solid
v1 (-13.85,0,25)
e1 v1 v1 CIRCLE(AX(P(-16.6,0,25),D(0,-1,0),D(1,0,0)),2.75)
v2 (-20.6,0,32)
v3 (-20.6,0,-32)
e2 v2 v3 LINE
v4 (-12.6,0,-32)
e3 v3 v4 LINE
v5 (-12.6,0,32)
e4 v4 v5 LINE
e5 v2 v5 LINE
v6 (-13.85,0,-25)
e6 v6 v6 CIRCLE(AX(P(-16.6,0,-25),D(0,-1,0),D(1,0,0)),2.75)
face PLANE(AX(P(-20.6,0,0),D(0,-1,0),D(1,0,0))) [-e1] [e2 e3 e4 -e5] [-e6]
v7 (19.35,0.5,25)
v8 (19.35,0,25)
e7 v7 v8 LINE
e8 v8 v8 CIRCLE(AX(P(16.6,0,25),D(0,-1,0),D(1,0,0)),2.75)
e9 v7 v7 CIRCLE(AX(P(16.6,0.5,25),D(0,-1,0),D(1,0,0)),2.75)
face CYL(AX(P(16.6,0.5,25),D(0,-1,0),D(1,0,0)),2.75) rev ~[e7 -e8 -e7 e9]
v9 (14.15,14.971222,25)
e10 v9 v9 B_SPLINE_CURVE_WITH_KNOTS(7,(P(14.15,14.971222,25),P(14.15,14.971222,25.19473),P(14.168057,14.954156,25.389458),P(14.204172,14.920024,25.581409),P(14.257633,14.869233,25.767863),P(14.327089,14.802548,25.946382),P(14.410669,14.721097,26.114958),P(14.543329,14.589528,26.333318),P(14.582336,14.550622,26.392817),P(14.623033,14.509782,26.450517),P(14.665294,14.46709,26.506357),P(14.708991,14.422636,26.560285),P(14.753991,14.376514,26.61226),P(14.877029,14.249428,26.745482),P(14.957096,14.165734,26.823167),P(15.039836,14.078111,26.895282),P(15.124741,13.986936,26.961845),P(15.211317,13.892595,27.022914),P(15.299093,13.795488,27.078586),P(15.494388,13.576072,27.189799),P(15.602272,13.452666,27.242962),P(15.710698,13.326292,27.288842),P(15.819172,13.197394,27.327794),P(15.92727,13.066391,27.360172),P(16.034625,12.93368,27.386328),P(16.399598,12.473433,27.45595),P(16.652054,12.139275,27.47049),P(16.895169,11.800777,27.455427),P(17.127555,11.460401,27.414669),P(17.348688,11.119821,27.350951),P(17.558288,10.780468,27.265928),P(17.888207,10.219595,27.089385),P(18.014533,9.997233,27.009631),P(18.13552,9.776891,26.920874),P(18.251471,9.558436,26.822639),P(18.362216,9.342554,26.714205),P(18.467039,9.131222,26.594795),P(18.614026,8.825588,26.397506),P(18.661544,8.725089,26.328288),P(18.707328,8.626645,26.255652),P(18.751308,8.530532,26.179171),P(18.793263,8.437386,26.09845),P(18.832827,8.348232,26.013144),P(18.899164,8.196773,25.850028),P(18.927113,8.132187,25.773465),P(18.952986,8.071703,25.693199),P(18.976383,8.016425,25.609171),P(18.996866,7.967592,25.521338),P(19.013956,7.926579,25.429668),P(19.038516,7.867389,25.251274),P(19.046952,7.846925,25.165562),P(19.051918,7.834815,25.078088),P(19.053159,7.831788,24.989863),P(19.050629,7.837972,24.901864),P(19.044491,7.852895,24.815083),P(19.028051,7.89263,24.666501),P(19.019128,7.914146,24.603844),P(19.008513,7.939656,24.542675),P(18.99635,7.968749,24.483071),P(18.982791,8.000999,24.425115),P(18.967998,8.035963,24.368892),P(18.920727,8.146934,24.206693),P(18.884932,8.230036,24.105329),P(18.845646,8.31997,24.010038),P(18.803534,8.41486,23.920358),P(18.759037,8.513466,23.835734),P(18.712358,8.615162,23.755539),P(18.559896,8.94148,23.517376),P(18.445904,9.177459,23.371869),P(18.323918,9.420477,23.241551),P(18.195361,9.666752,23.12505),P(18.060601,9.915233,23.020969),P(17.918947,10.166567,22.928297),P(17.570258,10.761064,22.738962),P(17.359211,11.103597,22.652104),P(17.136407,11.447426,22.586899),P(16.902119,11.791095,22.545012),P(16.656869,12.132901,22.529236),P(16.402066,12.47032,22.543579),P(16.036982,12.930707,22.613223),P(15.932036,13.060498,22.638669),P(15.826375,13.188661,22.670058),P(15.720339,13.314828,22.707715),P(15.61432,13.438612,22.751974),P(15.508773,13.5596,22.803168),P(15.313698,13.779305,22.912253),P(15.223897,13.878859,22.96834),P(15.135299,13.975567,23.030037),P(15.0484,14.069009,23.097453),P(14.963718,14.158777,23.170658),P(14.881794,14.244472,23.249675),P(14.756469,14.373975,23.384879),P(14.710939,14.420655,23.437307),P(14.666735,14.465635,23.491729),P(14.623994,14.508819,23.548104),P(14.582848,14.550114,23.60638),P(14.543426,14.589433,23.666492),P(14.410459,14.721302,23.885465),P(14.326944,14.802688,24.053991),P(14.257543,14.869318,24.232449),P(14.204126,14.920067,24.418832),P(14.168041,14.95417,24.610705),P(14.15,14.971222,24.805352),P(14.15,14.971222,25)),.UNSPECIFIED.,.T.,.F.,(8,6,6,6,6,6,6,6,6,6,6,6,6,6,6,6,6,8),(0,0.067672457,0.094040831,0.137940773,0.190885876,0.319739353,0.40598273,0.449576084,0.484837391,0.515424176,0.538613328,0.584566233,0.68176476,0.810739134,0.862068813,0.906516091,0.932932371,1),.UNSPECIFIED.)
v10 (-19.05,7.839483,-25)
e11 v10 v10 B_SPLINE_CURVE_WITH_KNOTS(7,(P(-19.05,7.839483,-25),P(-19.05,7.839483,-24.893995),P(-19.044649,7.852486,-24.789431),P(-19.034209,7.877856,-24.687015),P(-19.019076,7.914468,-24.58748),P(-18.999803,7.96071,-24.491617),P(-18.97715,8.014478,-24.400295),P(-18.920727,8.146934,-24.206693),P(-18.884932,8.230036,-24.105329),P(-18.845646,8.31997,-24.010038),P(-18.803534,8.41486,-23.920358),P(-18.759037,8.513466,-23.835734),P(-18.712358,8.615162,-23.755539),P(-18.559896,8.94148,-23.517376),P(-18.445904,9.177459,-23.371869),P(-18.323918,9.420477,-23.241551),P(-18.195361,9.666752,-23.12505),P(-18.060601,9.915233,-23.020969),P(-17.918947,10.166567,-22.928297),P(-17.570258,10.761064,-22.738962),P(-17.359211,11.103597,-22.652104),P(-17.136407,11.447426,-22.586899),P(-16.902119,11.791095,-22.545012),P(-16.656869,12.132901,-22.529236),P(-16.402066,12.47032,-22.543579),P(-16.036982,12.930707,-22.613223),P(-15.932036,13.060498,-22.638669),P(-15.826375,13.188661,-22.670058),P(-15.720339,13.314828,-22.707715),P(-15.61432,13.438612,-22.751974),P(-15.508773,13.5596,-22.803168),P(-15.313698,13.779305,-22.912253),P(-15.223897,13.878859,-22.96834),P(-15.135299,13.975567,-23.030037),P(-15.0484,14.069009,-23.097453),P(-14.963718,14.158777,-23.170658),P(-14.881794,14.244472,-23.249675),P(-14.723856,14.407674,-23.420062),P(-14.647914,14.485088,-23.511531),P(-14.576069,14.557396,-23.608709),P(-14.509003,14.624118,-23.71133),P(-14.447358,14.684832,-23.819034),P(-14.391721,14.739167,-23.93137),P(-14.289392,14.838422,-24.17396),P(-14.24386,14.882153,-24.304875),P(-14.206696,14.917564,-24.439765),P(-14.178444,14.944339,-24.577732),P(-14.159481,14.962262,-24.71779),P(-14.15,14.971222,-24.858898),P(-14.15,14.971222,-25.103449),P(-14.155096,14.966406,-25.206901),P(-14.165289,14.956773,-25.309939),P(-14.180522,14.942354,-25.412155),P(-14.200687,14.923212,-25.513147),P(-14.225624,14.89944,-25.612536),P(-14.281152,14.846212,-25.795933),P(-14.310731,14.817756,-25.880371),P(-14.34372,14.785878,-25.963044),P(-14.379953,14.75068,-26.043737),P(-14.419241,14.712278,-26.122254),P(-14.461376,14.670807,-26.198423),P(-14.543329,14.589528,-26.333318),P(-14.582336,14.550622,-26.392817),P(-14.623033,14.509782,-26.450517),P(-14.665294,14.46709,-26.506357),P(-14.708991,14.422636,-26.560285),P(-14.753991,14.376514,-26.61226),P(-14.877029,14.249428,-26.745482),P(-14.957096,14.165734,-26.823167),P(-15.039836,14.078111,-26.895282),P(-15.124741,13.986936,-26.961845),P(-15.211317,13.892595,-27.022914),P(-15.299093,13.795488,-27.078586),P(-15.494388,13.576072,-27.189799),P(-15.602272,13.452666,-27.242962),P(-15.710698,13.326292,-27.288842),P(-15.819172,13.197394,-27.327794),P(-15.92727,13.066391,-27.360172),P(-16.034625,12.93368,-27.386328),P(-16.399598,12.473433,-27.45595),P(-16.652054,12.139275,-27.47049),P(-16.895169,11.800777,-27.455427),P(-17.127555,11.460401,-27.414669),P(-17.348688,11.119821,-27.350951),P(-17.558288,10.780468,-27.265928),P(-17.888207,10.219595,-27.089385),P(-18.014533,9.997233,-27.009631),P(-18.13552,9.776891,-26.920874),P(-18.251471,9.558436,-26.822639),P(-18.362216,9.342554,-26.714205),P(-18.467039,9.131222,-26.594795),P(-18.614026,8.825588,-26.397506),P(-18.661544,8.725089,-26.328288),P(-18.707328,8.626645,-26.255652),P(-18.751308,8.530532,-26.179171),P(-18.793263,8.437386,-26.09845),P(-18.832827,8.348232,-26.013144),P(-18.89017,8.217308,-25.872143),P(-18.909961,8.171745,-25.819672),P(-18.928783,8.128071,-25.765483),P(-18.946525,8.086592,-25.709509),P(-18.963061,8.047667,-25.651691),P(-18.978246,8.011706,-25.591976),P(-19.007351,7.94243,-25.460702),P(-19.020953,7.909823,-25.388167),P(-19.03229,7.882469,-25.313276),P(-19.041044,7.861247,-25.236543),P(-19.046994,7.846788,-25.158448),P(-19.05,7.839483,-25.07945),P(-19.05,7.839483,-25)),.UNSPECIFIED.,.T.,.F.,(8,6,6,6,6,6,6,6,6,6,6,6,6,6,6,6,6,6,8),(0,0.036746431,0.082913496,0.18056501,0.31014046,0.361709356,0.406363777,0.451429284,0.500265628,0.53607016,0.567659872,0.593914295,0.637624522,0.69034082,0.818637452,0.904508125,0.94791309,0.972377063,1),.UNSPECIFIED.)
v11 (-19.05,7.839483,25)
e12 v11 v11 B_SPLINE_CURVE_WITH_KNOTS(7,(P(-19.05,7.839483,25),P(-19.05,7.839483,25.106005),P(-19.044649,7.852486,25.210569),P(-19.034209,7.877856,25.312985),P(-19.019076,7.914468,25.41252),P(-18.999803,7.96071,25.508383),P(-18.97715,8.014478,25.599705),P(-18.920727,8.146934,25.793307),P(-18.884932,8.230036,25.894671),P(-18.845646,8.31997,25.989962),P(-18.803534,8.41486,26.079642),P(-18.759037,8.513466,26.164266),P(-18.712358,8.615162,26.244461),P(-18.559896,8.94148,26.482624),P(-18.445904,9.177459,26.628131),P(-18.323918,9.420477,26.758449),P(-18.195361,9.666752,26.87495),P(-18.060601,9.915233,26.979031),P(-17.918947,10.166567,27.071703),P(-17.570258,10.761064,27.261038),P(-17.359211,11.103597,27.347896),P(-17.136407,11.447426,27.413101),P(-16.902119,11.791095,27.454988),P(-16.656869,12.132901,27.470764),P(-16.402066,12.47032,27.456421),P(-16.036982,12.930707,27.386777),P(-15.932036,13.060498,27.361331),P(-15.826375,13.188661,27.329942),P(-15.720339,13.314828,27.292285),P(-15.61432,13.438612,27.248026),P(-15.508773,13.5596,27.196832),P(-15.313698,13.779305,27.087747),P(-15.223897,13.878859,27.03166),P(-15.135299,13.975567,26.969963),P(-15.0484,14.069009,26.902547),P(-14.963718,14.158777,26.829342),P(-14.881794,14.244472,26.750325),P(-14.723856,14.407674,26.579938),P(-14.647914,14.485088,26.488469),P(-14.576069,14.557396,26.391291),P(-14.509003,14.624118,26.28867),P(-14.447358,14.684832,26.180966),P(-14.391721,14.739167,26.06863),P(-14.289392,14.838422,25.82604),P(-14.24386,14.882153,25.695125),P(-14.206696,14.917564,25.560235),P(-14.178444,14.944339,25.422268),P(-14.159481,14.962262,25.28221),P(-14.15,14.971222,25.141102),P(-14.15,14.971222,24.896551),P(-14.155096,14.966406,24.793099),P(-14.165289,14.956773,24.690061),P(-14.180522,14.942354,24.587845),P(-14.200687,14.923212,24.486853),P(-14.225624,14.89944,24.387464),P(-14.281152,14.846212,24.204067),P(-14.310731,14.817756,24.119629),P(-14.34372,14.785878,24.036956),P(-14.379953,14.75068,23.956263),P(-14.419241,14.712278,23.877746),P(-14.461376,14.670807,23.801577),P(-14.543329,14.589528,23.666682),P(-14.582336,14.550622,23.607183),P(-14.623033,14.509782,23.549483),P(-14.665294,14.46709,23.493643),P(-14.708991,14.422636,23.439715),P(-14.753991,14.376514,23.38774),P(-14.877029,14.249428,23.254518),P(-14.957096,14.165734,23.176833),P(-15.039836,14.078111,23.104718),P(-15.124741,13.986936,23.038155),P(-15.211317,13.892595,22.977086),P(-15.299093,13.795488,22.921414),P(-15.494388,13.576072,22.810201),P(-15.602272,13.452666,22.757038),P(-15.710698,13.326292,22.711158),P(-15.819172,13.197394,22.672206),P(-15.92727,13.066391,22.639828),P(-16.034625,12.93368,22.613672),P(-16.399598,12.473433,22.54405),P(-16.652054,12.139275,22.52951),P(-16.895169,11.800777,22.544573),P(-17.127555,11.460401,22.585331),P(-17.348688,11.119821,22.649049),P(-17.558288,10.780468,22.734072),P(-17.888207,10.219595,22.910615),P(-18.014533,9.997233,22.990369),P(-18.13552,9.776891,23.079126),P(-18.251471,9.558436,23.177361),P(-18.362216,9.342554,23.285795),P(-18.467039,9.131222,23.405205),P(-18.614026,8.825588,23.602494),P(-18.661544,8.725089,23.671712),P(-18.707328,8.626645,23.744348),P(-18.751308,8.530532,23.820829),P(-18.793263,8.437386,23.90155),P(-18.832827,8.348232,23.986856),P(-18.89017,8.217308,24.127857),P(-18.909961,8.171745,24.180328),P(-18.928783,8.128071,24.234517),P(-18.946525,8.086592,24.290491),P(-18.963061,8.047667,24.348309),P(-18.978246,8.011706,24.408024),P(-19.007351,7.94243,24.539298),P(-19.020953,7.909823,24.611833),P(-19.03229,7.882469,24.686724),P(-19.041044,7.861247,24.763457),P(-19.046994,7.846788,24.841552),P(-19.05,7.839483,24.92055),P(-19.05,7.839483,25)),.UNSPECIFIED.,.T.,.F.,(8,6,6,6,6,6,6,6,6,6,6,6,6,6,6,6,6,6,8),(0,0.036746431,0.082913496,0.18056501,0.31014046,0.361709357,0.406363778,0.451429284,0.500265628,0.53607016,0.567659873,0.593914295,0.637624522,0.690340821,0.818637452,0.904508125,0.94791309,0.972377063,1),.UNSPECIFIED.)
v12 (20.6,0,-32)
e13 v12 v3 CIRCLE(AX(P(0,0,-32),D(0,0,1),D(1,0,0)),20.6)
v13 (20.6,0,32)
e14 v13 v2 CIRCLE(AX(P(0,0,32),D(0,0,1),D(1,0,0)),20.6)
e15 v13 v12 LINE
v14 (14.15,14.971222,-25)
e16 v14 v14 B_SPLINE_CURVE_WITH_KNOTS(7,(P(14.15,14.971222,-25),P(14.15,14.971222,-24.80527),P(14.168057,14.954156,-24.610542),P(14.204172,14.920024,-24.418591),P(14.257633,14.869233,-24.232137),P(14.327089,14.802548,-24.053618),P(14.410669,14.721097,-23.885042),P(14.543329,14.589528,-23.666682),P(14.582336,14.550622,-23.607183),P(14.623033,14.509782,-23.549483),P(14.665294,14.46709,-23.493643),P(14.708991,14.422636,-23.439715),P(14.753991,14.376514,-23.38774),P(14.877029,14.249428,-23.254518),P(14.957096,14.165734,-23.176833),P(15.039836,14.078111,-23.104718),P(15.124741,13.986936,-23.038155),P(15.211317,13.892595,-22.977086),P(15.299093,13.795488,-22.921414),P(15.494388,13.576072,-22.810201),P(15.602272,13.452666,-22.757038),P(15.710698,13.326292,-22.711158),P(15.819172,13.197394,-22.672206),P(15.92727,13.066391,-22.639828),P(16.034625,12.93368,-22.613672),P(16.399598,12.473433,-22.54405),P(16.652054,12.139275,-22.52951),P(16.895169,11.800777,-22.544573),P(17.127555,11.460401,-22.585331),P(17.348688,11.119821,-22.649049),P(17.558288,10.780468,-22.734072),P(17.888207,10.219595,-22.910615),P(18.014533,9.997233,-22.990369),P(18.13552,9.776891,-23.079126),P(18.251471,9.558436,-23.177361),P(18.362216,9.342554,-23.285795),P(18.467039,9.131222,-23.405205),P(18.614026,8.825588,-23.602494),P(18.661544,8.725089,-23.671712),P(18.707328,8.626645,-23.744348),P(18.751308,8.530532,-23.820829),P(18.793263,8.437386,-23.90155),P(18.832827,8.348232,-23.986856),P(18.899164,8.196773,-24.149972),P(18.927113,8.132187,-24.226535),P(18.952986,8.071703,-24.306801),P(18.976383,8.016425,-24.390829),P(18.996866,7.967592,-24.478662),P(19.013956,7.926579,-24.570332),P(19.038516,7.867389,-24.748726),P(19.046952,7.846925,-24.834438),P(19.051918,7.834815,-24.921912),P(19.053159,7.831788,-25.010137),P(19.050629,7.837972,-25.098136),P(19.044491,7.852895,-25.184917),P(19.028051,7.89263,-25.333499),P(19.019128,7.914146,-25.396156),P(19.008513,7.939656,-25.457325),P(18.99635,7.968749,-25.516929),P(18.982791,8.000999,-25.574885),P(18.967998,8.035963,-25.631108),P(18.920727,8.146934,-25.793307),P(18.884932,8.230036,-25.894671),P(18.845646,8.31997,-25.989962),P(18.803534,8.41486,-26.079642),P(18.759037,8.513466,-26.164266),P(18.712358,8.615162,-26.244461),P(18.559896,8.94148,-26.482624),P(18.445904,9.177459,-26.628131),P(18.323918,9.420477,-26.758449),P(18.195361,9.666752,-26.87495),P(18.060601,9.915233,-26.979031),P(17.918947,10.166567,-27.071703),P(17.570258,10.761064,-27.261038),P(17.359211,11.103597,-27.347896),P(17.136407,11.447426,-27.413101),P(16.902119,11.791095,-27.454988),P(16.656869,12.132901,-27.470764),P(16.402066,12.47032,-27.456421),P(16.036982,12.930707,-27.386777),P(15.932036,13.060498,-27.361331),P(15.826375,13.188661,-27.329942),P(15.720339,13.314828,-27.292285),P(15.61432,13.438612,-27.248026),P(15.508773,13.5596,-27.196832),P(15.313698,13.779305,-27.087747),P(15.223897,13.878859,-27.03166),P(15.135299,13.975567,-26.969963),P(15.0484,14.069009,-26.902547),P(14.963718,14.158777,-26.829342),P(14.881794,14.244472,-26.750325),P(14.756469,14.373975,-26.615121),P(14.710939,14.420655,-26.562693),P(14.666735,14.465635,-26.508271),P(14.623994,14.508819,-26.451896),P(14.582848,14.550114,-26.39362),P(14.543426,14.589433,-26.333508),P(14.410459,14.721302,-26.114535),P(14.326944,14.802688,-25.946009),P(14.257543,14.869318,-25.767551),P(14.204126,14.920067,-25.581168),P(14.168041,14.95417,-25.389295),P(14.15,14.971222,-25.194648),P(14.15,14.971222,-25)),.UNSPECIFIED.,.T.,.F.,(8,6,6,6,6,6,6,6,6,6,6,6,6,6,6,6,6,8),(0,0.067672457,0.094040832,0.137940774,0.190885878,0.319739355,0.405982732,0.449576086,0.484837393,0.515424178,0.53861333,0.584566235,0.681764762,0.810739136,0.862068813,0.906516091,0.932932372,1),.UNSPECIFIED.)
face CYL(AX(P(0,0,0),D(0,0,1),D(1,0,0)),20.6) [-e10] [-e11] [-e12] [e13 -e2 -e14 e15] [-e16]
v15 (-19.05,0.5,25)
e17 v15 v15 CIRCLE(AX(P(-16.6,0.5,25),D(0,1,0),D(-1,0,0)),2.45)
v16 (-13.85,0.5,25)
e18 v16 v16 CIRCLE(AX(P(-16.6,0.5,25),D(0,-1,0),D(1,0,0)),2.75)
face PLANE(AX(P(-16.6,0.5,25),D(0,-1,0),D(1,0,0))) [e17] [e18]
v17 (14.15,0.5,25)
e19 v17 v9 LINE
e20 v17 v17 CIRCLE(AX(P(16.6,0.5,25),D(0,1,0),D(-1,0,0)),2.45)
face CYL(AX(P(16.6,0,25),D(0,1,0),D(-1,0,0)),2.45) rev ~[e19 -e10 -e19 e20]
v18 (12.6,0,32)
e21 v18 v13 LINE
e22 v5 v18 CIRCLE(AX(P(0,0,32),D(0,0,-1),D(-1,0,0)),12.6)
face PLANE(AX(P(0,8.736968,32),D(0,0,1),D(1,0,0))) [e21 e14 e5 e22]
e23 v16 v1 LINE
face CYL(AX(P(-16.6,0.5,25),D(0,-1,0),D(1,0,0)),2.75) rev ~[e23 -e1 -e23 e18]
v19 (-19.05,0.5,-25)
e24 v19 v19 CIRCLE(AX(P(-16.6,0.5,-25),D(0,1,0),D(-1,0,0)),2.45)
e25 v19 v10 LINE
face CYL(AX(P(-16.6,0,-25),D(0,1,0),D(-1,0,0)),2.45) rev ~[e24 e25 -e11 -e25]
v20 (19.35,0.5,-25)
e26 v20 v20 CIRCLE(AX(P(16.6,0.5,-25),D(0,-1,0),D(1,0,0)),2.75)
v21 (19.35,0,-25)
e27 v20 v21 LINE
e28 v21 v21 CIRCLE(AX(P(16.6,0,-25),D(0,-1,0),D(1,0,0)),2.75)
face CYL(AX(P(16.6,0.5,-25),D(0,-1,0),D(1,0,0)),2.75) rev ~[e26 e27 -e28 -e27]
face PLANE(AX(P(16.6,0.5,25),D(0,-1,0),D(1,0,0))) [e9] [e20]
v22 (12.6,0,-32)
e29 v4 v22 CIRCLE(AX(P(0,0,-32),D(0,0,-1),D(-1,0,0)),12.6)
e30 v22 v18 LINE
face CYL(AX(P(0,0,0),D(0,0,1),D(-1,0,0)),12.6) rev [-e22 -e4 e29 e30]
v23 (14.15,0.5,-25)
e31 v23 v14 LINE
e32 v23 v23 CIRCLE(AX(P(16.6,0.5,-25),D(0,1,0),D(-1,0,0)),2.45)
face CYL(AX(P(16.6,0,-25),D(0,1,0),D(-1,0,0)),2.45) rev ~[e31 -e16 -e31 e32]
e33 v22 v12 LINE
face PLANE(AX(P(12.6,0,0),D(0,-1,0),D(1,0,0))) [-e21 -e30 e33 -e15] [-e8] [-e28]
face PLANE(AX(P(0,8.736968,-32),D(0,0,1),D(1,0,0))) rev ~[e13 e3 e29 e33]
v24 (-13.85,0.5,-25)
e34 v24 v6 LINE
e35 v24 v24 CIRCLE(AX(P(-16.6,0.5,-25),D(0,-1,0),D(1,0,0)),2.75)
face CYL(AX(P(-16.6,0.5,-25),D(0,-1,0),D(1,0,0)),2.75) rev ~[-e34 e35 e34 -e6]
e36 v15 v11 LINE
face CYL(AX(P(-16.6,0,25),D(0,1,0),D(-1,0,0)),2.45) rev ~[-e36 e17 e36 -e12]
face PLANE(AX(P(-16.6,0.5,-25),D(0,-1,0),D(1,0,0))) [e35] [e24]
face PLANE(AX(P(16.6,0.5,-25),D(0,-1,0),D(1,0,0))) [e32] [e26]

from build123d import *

# Parameters (mm, degrees)
BOSS_EXTRUDE1_DEPTH            = 32
CBORE_FOR_M3_SHCS1_D           = 4.9
CBORE_FOR_M3_SHCS1_CBORE_D     = 5.5
CBORE_FOR_M3_SHCS1_CBORE_DEPTH = 0.5


with BuildPart() as part:
    # Sketch1 → Boss-Extrude1 (new, symmetric)
    with BuildSketch(Plane.XY):
        with BuildLine():
            Line((-20.6, 0), (-12.6, 0))
            ThreePointArc((-12.6, 0), (0, 12.6), (12.6, 0))
            Line((12.6, 0), (20.6, 0))
            ThreePointArc((20.6, 0), (0, 20.6), (-20.6, 0))
        make_face()
    extrude(amount=BOSS_EXTRUDE1_DEPTH, both=True)

    # CBORE for M3 SHCS1 (through all)
    with Locations(Plane.XZ):
        with Locations((-16.6, -25), (16.6, 25), (-16.6, 25), (16.6, -25)):
            CounterBoreHole(CBORE_FOR_M3_SHCS1_D / 2, CBORE_FOR_M3_SHCS1_CBORE_D / 2, CBORE_FOR_M3_SHCS1_CBORE_DEPTH)


solid = part.part
